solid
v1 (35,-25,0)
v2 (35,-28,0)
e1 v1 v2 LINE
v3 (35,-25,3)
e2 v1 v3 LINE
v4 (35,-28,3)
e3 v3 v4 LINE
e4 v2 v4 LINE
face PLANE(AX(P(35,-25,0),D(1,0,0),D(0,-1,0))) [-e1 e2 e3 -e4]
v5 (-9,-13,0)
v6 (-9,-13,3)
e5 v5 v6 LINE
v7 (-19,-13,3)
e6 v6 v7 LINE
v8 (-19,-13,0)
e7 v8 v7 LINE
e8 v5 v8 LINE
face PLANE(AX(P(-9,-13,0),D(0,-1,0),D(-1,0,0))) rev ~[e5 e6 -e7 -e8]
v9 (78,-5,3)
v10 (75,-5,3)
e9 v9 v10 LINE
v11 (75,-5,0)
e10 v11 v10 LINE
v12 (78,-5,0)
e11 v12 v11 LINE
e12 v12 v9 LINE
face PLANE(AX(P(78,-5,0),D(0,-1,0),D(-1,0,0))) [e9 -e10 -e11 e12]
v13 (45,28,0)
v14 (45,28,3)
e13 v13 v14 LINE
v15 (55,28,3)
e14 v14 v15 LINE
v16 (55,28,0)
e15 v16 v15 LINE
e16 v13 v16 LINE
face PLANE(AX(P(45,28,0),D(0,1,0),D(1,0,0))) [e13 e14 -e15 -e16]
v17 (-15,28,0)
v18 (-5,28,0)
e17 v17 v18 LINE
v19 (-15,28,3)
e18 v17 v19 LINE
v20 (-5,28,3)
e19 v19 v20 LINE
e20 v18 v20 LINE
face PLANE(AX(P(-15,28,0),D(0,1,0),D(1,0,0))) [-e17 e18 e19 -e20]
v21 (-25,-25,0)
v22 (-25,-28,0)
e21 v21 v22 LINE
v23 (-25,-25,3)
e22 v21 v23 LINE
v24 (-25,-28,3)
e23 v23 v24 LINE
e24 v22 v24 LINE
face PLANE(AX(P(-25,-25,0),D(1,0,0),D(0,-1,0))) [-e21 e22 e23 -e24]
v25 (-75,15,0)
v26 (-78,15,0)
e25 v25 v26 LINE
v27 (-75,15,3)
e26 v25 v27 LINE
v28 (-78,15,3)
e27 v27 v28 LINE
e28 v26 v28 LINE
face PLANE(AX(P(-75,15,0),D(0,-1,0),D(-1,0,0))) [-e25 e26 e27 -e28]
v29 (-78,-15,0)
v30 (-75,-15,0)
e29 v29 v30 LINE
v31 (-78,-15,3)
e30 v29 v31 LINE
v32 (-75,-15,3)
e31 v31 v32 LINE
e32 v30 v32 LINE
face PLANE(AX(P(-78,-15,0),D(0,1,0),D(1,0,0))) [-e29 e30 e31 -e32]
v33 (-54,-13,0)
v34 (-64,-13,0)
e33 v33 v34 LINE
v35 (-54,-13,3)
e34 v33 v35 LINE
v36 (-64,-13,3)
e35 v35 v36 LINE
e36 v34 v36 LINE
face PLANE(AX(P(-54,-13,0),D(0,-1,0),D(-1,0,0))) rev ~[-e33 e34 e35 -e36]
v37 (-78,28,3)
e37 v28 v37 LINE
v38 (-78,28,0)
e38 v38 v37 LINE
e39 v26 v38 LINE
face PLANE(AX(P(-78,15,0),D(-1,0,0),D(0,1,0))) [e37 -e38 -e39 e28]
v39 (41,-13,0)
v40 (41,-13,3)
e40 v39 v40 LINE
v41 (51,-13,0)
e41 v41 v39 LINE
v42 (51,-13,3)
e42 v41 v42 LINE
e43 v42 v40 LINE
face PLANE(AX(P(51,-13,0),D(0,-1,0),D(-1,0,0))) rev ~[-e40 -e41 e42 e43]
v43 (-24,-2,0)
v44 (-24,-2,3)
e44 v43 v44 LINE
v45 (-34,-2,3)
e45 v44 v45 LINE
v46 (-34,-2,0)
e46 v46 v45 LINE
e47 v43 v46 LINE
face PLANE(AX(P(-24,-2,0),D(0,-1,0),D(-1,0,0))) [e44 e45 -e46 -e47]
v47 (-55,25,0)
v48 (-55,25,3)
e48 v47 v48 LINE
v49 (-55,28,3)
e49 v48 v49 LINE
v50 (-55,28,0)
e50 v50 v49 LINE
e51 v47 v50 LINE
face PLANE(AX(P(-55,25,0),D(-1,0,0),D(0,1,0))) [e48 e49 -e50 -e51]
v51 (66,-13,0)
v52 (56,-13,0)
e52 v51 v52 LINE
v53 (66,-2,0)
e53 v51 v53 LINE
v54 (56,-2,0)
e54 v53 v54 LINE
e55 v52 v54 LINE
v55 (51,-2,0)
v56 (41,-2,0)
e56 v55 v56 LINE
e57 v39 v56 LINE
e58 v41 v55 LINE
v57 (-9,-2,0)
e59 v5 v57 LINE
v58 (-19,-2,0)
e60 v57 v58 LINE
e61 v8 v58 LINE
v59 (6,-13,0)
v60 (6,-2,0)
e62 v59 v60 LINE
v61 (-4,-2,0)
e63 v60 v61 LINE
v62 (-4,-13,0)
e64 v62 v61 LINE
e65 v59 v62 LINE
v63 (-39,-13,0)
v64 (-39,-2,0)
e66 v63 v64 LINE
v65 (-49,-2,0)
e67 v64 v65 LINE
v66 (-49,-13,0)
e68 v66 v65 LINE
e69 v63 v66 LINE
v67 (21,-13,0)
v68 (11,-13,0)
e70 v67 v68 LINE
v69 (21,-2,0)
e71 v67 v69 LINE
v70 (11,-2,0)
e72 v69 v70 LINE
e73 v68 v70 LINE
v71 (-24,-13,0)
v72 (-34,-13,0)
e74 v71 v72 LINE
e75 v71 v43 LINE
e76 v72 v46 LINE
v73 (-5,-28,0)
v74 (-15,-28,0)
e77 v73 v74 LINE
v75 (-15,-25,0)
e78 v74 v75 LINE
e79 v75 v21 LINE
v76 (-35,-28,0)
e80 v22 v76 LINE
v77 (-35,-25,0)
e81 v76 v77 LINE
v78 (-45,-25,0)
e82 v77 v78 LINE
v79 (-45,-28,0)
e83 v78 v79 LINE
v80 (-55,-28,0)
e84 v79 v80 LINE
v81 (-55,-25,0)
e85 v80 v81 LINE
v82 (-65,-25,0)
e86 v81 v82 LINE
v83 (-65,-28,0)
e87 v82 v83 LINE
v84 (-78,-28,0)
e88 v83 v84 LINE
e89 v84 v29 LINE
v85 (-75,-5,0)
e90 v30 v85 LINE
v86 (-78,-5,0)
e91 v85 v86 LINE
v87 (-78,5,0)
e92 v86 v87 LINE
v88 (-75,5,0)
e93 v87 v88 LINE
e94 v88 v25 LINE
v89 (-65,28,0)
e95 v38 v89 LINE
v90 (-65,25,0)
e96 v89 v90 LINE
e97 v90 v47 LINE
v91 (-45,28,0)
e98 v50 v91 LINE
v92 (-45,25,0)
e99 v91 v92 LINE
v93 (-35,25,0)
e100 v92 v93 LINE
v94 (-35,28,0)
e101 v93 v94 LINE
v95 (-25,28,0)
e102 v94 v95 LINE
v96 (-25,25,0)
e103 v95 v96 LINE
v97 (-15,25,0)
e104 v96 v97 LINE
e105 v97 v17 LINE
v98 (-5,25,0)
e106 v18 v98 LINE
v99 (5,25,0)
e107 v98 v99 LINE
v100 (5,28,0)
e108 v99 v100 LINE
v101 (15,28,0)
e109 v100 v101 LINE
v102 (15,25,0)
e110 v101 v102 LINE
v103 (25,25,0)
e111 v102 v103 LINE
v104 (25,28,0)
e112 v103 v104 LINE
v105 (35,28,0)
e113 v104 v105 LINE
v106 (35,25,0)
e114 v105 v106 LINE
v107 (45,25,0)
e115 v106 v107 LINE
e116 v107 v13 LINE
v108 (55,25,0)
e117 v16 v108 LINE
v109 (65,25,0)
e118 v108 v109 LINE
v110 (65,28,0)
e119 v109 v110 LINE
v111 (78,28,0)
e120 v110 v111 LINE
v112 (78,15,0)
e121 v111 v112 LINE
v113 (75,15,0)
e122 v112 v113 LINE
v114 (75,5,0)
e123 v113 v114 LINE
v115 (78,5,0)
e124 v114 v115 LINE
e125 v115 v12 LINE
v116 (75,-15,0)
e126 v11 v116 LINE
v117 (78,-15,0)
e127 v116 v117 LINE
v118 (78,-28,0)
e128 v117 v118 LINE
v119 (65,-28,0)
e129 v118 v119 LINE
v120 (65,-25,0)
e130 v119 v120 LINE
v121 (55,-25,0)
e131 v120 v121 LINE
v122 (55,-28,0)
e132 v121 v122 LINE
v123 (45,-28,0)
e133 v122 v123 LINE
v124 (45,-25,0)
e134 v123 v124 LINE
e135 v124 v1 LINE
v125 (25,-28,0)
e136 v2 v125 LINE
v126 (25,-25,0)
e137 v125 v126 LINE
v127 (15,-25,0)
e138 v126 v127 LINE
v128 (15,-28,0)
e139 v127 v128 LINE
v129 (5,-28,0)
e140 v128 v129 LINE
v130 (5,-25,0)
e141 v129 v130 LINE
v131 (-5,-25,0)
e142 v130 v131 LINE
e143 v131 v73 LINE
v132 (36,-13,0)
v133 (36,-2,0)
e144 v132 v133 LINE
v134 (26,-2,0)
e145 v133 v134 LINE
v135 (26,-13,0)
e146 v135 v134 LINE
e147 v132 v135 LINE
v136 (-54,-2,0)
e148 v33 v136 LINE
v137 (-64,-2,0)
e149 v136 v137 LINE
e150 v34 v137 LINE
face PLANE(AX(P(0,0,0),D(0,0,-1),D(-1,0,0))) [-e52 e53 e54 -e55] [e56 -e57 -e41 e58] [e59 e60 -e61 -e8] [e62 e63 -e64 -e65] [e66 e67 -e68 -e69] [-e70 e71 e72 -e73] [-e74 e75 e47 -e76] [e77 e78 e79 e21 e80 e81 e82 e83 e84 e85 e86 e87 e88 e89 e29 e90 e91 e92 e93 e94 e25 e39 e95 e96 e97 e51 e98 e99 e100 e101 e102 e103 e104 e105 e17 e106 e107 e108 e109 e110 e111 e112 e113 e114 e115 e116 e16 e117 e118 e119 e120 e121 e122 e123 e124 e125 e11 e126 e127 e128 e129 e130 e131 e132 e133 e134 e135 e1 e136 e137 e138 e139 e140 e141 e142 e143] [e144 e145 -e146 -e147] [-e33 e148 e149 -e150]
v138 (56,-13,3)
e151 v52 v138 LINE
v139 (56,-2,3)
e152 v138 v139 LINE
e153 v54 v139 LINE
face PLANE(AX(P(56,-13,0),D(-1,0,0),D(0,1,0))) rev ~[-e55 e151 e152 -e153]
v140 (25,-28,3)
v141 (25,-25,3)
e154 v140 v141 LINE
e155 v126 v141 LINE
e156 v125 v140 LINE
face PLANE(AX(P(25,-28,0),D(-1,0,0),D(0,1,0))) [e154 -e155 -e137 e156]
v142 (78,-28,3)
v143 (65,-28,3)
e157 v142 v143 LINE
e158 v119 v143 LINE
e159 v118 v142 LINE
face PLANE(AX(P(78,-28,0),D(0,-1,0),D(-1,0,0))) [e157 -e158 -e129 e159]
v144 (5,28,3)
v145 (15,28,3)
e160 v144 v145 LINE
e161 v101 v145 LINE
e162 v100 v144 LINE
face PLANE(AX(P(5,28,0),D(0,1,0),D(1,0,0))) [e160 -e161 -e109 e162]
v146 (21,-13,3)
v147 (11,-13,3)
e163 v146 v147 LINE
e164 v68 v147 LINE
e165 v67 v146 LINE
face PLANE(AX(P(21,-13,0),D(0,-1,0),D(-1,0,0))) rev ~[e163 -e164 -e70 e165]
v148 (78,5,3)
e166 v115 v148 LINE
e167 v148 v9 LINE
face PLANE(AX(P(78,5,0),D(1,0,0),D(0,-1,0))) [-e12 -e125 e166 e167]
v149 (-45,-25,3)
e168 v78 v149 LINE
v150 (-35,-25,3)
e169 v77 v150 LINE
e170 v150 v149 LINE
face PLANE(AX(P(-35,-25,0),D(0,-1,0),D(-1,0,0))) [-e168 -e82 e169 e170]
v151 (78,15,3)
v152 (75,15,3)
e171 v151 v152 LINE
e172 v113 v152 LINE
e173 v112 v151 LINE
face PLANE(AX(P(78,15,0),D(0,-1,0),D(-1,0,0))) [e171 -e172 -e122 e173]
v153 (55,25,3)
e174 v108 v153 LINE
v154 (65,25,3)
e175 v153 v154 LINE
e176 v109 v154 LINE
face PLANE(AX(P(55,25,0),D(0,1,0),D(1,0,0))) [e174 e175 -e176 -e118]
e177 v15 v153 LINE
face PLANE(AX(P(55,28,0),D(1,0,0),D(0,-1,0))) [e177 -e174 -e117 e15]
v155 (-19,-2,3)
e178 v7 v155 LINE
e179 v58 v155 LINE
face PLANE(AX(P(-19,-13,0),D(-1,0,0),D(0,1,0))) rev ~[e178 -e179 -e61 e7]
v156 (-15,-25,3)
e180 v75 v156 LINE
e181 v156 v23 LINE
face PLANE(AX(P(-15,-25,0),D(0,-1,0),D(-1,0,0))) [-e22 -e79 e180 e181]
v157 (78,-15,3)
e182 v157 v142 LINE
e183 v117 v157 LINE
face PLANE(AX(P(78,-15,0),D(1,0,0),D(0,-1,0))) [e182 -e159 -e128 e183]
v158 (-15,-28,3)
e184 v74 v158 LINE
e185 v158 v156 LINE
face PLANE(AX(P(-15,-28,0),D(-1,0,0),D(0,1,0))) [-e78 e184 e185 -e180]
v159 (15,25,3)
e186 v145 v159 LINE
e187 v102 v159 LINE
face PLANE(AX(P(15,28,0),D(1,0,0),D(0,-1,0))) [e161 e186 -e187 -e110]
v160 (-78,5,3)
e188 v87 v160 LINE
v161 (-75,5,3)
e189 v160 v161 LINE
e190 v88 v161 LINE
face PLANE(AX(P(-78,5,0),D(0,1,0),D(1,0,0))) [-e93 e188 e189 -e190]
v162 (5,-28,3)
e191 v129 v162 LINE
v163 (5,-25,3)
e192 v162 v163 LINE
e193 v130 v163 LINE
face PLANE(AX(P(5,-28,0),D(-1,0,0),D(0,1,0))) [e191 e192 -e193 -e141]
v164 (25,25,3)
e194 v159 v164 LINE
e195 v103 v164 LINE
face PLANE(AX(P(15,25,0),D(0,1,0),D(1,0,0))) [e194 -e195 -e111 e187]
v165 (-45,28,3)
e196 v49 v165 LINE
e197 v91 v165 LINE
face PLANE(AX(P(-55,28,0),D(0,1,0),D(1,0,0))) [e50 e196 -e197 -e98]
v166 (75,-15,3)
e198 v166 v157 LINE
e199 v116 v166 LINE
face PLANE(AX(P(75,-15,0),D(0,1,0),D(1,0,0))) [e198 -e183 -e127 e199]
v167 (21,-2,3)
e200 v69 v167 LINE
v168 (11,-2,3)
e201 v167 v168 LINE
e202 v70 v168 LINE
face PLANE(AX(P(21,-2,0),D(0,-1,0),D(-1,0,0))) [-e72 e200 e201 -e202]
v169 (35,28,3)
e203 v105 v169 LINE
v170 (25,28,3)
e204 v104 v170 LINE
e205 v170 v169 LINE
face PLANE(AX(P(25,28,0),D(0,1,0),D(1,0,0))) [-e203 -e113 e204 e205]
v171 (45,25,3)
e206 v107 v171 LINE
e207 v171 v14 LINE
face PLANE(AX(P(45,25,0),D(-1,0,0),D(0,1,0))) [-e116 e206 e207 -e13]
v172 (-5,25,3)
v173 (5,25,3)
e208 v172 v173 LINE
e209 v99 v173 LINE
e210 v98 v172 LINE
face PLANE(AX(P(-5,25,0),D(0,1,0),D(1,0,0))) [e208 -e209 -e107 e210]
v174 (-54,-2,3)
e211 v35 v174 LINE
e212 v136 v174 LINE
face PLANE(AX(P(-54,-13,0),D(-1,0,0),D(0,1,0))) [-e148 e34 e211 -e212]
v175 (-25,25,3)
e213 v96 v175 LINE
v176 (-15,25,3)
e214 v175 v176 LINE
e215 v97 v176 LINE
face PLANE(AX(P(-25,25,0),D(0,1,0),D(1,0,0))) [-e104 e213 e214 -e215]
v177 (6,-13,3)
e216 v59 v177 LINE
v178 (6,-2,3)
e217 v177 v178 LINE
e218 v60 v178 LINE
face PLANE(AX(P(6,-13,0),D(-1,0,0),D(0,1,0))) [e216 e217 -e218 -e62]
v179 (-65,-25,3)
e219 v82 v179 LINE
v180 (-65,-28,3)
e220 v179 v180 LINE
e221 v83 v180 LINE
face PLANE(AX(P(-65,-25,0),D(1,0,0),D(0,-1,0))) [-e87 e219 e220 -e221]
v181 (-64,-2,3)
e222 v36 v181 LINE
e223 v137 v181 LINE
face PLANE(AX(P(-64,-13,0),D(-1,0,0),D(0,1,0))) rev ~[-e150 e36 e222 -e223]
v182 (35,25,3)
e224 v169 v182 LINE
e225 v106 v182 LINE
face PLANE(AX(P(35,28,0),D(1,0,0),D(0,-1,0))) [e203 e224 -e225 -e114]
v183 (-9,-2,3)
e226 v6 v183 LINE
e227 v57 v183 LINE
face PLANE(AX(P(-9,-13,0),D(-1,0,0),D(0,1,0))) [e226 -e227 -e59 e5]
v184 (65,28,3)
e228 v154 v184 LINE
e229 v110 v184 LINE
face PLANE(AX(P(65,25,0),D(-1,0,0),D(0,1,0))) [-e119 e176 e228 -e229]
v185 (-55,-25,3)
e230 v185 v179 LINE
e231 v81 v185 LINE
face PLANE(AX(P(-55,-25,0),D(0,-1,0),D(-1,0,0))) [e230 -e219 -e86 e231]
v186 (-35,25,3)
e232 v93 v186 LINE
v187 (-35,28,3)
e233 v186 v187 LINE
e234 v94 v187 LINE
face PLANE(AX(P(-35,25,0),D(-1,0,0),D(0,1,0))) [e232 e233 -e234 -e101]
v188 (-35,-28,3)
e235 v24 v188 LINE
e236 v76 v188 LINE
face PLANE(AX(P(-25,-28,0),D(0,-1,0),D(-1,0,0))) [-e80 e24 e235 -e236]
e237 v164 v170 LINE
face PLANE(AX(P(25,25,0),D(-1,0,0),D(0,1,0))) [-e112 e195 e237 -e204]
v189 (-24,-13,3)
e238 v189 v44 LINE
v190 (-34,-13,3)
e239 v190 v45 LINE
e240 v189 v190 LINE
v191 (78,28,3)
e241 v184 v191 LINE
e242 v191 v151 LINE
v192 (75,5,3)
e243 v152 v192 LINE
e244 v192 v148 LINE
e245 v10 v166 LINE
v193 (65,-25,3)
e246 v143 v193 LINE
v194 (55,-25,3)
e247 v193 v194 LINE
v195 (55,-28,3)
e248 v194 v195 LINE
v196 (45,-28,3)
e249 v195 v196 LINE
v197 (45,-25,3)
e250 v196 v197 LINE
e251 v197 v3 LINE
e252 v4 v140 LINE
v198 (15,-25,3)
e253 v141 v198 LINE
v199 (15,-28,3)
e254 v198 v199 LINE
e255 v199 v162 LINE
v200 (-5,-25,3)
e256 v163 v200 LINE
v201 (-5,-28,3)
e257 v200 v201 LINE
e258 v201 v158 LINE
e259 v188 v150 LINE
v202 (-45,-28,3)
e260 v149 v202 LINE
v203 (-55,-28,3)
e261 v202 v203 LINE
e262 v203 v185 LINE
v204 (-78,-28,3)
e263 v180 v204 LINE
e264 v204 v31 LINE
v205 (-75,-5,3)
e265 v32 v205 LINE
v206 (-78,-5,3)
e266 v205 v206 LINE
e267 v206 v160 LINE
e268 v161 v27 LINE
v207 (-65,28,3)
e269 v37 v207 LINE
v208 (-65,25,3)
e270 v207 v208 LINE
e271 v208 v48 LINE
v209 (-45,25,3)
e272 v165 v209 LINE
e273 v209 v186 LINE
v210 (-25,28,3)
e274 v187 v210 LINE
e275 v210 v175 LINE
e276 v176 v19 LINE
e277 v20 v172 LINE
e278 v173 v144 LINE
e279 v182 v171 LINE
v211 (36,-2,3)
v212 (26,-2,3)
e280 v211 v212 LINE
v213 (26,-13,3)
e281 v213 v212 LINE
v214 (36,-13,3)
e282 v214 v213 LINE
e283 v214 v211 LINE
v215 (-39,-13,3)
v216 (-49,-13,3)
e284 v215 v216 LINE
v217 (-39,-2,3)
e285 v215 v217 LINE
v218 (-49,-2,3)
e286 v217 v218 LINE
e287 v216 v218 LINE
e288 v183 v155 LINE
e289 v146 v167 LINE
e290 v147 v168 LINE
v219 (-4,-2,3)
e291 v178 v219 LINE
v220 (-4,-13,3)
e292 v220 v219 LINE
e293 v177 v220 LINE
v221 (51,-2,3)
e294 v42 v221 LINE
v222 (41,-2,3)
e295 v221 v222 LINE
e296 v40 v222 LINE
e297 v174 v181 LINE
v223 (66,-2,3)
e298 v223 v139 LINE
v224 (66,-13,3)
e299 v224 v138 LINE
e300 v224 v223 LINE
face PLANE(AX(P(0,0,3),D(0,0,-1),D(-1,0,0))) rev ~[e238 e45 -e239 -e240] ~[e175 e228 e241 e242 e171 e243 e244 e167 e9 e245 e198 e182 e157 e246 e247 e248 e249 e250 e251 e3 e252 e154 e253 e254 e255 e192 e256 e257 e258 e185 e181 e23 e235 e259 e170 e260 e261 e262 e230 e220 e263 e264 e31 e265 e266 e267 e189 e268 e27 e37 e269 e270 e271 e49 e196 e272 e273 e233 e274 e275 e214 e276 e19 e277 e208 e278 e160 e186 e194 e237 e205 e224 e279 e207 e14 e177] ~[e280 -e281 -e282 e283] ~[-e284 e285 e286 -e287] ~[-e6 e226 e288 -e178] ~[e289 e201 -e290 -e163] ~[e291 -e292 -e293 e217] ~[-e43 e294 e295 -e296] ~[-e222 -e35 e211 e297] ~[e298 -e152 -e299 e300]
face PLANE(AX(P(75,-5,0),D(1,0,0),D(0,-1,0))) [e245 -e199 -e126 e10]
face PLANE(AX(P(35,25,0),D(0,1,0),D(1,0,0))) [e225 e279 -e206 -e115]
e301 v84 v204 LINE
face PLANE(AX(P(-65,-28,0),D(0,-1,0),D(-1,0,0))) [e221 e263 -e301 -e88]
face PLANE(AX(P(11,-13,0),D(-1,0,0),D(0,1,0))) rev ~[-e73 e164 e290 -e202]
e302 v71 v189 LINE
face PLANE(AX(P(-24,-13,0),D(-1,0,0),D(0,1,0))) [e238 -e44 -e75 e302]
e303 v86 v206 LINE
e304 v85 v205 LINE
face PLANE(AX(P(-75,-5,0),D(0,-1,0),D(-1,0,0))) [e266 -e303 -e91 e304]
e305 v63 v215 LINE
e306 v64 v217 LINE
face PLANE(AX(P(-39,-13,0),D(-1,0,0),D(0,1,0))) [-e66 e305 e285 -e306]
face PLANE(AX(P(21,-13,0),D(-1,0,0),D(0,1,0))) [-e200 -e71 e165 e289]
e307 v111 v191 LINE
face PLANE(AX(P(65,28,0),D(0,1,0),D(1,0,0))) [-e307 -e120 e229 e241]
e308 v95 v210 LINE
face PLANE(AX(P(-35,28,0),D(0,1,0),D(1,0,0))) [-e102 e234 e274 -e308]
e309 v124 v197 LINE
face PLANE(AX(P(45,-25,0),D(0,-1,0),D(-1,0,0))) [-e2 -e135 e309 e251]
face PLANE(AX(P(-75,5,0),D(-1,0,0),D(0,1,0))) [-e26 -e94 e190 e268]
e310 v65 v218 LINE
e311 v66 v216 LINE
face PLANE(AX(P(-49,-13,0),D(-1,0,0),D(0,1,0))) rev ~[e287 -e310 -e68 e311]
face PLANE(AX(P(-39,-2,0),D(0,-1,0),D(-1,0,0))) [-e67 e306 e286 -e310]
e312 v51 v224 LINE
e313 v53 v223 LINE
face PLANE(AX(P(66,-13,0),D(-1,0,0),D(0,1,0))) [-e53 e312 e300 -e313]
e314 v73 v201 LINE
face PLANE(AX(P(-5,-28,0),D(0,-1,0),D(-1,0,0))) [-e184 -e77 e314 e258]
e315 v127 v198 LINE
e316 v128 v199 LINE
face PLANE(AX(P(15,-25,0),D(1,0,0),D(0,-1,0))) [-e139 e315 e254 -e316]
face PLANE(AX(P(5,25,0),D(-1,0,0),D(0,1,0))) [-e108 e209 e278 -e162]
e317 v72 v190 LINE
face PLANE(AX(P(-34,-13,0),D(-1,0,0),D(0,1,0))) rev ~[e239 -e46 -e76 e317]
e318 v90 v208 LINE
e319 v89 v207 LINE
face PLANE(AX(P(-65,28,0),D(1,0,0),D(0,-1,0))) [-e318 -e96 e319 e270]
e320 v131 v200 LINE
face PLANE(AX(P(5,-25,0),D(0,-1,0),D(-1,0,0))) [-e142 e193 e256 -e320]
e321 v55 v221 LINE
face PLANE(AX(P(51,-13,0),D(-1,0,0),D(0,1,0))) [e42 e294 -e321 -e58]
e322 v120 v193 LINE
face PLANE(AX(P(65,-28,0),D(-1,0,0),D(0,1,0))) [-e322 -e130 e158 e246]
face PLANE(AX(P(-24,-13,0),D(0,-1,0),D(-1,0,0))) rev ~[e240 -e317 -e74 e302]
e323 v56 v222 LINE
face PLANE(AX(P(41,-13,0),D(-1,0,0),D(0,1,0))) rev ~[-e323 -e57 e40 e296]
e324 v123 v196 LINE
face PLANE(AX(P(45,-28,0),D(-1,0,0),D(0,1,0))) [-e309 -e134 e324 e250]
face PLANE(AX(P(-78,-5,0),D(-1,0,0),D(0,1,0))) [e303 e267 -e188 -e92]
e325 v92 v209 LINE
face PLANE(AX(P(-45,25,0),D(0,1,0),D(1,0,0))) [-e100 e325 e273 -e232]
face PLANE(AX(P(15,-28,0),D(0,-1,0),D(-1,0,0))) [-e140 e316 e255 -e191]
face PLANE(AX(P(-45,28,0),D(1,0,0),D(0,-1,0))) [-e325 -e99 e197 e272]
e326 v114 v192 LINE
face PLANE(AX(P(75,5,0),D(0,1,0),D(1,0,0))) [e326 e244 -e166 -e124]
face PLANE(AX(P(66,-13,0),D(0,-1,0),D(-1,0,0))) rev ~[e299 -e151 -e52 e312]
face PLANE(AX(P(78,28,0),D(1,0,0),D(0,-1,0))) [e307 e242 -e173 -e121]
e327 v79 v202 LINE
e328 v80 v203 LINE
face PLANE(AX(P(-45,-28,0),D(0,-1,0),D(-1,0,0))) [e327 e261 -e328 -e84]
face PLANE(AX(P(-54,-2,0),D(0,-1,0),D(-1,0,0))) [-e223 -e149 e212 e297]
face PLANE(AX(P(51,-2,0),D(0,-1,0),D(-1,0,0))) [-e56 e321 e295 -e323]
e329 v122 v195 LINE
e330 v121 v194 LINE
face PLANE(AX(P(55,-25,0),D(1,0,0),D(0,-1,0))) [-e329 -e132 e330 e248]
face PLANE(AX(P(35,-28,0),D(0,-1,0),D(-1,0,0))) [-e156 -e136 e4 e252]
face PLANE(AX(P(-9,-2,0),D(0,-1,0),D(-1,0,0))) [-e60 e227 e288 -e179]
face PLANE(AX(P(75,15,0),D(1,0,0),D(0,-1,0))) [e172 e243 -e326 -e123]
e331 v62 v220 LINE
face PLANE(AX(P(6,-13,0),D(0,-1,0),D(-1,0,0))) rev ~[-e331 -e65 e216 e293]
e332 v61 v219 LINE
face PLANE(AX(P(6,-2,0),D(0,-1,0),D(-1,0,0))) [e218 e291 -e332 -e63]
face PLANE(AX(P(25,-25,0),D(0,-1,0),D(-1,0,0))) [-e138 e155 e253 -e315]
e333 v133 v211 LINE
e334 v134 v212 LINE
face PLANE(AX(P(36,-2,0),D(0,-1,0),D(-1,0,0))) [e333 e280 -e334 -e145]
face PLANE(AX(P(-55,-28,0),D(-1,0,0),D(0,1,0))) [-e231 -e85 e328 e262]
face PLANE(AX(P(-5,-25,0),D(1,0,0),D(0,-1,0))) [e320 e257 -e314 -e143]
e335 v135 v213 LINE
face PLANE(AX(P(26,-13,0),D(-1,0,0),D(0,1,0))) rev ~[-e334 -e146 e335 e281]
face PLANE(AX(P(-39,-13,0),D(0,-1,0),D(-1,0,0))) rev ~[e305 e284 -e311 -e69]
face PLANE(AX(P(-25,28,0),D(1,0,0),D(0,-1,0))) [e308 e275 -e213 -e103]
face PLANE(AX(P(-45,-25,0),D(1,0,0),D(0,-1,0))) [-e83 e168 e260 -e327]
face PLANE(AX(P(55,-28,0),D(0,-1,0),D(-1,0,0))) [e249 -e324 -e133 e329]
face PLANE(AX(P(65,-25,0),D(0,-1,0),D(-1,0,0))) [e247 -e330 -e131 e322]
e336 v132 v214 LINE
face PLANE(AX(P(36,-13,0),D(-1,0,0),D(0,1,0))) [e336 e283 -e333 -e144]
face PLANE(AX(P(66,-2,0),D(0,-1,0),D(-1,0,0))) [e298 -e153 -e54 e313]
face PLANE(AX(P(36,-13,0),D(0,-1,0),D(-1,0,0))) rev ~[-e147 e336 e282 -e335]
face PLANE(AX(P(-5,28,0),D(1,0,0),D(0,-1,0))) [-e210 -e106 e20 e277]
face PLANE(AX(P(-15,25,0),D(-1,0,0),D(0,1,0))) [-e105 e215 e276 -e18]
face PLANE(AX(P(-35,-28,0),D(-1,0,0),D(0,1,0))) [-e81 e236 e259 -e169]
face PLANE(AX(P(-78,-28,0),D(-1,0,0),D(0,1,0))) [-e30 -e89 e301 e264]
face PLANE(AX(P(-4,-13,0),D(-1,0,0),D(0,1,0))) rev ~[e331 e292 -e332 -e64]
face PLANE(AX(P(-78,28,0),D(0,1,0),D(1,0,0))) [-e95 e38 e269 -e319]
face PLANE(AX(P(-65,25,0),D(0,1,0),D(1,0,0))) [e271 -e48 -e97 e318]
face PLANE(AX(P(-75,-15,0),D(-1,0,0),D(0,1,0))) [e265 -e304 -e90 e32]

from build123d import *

# Parameters (mm, degrees)
BOSS_EXTRUDE1_DEPTH = 3
SKETCH4_W           = 10
SKETCH4_H           = 11
CUT_EXTRUDE2_DEPTH  = 3


with BuildPart() as part:
    # Sketch1 → Boss-Extrude1 (new body)
    with BuildSketch(Plane.XY):
        Polygon((15, 28), (15, 25), (25, 25), (25, 28), (35, 28), (35, 25), (45, 25), (45, 28), (55, 28), (55, 25), (65, 25), (65, 28), (78, 28), (78, 15), (75, 15), (75, 5), (78, 5), (78, -5), (75, -5), (75, -15), (78, -15), (78, -28), (65, -28), (65, -25), (55, -25), (55, -28), (45, -28), (45, -25), (35, -25), (35, -28), (25, -28), (25, -25), (15, -25), (15, -28), (5, -28), (5, -25), (-5, -25), (-5, -28), (-15, -28), (-15, -25), (-25, -25), (-25, -28), (-35, -28), (-35, -25), (-45, -25), (-45, -28), (-55, -28), (-55, -25), (-65, -25), (-65, -28), (-78, -28), (-78, -15), (-75, -15), (-75, -5), (-78, -5), (-78, 5), (-75, 5), (-75, 15), (-78, 15), (-78, 28), (-65, 28), (-65, 25), (-55, 25), (-55, 28), (-45, 28), (-45, 25), (-35, 25), (-35, 28), (-25, 28), (-25, 25), (-15, 25), (-15, 28), (-5, 28), (-5, 25), (5, 25), (5, 28), align=None)
    extrude(amount=BOSS_EXTRUDE1_DEPTH)

    # Sketch4 → Cut-Extrude2 (cut)
    with BuildSketch(Plane(origin=(0, 0, 0), x_dir=(-1, 0, 0), z_dir=(0, 0, -1))):
        with Locations((-61, -7.5)):
            Rectangle(SKETCH4_W, SKETCH4_H)
        with Locations((-46, -7.5)):
            Rectangle(SKETCH4_W, SKETCH4_H)
        with Locations((-31, -7.5)):
            Rectangle(SKETCH4_W, SKETCH4_H)
        with Locations((-16, -7.5)):
            Rectangle(SKETCH4_W, SKETCH4_H)
        with Locations((-1, -7.5)):
            Rectangle(SKETCH4_W, SKETCH4_H)
        with Locations((14, -7.5)):
            Rectangle(SKETCH4_W, SKETCH4_H)
        with Locations((29, -7.5)):
            Rectangle(SKETCH4_W, SKETCH4_H)
        with Locations((44, -7.5)):
            Rectangle(SKETCH4_W, SKETCH4_H)
        with Locations((59, -7.5)):
            Rectangle(SKETCH4_W, SKETCH4_H)
    extrude(amount=-CUT_EXTRUDE2_DEPTH, mode=Mode.SUBTRACT)


solid = part.part
